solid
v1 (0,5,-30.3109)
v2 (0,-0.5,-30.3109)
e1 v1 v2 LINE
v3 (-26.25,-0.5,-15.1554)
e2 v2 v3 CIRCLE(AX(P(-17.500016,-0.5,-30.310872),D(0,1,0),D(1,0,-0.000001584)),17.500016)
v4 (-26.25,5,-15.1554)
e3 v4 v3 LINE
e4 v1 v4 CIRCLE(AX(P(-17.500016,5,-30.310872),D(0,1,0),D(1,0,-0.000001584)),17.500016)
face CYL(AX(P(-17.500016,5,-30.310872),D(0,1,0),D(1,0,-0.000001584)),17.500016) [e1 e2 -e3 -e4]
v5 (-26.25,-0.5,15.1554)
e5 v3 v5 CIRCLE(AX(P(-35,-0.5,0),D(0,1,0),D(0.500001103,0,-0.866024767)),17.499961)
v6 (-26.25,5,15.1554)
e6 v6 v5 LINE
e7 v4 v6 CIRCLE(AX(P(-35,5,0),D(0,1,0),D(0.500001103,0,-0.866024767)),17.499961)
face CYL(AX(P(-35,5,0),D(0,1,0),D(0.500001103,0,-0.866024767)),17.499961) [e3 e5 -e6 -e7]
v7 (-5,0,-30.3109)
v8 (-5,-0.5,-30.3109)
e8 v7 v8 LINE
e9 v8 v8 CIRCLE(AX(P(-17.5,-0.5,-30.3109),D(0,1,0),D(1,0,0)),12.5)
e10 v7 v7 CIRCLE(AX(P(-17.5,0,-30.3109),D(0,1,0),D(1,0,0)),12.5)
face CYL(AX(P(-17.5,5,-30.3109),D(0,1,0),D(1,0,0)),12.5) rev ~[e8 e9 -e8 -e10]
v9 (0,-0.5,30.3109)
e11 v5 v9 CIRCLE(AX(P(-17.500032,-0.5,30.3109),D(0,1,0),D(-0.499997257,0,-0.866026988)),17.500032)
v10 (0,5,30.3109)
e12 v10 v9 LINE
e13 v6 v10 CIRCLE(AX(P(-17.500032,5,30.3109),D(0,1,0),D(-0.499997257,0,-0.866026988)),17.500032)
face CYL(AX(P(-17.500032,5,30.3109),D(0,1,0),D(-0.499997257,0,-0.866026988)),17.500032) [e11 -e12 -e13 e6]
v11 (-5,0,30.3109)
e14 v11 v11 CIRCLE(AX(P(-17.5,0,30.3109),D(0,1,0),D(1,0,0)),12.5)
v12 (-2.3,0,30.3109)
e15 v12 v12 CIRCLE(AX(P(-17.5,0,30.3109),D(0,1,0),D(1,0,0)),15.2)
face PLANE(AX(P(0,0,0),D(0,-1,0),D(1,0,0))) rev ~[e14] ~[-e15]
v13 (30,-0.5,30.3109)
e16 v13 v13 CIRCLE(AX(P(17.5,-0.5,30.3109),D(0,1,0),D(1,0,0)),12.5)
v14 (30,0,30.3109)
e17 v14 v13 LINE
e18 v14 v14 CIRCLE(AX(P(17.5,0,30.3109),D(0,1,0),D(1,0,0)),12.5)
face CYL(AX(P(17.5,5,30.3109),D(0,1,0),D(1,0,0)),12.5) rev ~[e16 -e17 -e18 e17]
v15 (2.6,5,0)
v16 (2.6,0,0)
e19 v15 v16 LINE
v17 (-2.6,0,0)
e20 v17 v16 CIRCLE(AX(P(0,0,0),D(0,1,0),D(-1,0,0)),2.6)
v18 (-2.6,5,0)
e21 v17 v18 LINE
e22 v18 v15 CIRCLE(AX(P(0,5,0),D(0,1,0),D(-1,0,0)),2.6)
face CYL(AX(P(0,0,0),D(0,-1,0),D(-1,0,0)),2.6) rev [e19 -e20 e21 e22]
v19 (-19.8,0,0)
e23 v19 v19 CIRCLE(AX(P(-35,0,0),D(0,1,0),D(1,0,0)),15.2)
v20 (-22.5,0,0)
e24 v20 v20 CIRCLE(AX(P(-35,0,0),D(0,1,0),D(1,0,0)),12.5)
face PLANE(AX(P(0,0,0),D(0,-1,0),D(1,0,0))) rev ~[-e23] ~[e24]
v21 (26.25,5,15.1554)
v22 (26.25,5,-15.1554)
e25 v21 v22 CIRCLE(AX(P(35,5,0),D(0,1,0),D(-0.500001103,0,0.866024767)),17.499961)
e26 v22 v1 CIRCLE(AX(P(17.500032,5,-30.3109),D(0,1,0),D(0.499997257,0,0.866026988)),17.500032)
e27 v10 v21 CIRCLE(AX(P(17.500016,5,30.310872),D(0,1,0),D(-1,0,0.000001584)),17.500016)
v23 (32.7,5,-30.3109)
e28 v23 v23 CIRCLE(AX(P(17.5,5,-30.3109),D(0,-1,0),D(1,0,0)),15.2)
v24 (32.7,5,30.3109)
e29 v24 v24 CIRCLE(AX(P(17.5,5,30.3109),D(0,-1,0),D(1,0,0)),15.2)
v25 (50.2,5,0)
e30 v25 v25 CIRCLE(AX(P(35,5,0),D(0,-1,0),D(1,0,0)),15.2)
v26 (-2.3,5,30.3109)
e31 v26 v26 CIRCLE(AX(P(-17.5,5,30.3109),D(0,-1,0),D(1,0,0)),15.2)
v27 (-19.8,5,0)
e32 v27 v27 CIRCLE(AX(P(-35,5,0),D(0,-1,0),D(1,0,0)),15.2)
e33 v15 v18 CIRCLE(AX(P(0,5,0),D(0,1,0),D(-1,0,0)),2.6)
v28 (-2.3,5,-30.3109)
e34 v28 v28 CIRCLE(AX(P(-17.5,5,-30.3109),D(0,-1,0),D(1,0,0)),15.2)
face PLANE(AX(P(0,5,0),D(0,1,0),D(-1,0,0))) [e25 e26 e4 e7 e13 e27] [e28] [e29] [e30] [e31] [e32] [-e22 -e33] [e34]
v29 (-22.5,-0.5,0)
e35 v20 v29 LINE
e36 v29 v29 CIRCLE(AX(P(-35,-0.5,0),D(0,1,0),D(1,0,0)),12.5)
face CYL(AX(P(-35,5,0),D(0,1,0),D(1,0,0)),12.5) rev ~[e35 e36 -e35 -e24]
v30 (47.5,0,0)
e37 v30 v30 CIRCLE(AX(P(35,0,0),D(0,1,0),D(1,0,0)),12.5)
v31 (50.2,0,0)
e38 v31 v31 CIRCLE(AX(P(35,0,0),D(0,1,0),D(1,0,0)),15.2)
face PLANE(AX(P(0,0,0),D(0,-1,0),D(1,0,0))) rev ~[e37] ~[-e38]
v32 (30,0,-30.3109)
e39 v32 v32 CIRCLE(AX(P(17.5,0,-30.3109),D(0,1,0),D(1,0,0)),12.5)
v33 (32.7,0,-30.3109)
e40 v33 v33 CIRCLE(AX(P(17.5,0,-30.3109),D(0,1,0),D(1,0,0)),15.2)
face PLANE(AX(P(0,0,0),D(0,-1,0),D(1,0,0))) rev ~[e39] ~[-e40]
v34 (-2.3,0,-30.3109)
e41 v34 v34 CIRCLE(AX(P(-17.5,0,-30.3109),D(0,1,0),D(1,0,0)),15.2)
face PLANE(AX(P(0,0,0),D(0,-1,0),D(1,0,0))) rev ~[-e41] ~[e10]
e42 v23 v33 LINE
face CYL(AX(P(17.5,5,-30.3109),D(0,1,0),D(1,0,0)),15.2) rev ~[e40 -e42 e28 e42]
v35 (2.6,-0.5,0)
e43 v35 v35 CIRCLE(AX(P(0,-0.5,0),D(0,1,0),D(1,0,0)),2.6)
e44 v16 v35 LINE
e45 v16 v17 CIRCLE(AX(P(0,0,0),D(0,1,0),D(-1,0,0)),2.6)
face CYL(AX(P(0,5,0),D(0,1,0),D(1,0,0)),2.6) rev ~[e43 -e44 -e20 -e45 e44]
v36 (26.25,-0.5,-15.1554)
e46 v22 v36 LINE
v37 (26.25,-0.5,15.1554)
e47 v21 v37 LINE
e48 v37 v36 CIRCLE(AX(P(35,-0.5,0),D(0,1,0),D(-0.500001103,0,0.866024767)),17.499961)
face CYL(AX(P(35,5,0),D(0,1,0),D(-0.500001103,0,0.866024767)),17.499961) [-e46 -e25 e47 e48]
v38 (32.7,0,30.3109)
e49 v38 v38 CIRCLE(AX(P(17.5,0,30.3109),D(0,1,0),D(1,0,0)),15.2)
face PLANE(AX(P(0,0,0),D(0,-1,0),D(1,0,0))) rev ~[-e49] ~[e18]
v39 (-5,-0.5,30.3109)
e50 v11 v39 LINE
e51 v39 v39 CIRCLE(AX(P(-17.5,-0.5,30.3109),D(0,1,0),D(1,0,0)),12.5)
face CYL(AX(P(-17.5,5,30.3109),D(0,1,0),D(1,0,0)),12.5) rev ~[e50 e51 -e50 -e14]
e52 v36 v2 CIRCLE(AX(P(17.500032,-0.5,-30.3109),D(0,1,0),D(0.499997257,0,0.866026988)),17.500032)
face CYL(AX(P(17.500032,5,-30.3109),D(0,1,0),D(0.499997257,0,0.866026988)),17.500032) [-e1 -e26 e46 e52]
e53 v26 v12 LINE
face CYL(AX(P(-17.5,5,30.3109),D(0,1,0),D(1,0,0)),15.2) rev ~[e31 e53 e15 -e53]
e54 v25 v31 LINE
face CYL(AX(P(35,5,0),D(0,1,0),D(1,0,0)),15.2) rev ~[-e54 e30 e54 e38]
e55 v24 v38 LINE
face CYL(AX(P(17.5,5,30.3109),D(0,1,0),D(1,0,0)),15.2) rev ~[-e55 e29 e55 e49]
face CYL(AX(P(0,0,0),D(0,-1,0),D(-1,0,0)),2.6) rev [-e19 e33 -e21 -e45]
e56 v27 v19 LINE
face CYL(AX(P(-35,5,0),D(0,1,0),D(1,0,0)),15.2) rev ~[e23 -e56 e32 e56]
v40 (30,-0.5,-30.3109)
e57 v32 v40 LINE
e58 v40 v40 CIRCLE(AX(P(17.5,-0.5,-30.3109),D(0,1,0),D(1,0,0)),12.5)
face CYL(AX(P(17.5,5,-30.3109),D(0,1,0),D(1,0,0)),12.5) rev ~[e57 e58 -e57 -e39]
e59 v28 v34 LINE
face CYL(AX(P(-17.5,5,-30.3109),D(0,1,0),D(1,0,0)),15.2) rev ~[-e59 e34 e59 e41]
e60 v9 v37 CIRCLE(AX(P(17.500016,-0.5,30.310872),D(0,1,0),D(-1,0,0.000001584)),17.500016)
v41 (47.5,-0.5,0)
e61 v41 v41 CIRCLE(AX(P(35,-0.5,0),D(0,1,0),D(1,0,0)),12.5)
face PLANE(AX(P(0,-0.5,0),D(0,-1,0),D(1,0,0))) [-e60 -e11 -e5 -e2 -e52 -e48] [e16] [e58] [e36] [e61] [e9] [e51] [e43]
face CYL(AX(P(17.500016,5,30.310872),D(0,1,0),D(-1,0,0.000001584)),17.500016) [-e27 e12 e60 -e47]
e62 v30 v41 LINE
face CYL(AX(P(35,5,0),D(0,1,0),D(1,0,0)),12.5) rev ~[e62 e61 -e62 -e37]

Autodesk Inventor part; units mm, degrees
ref_plane "YZ Plane" through (0, 0, 0) normal (1, 0, 0) x (0, 1, 0)
ref_plane "XZ Plane" through (0, 0, 0) normal (0, 1, 0) x (-1, 0, 0)
ref_plane "XY Plane" through (0, 0, 0) normal (0, 0, 1) x (1, 0, 0)
sketch "Sketch1" plane through (0, 0, 0) normal (0, 1, 0) x (-1, 0, 0)
  circle A0 centre (0, 0) radius 55
  circle A1 centre (0, 0) radius 2.6
  dimension "d0" = 110
  dimension "d1" = 5.2
extrude "Extrusion1" add sketch "Sketch1" along normal blind 5
sketch "Sketch2" plane through (0, 5, 0) normal (0, 1, 0) x (1, 0, 0)
  point P0 (0, 0)
sketch "Sketch4" plane through (0, 5, 0) normal (0, 1, 0) x (1, 0, 0)
  circle A0 centre (0, 0) radius 21.9076
  circle A1 centre (0, 0) radius 35
  circle A2 centre (-35, 0) radius 15.2
  circle A3 centre (-17.5, -30.3109) radius 15.2
  circle A4 centre (17.5, -30.3109) radius 15.2
  circle A5 centre (35, 0) radius 15.2
  circle A6 centre (17.5, 30.3109) radius 15.2
  circle A7 centre (-17.5, 30.3109) radius 15.2
  circle A8 centre (-21.9076, 0) radius 5.15
  circle A9 centre (-15.491, -15.491) radius 5.15
  circle A10 centre (0, -21.9076) radius 5.15
  circle A11 centre (15.491, -15.491) radius 5.15
  circle A12 centre (21.9076, 0) radius 5.15
  circle A13 centre (15.491, 15.491) radius 5.15
  circle A14 centre (0, 21.9076) radius 5.15
  circle A15 centre (-15.491, 15.491) radius 5.15
  dimension "d13" = 70
  dimension "d8" = 30.4
  dimension "d11" = 360
  dimension "d14" = 10.3
  dimension "d17" = 360
extrude "Extrusion3" cut sketch "Sketch4" against normal blind 5 contours A0 A12 A5 | A0 A12 | A12 A5 A0 | A0 A5 A1 A12 | A0 A5 A12 | A5 A1 | A6 A13 A0 | A0 A13 A6 | A6 A0 A13 | A13 A0 A6 A14 A1 | A1 A6 | A4 A11 A0 | A0 A11 A4 | A4 A1 A10 A0 A11 | A11 A0 A4 | A4 A1 | A6 A14 | A7 A14 A0 A15 A1 | A1 A7 | A10 A4 | A3 A1 | A1 A3 A9 A0 A10 | A7 A14 | A10 A3 | A7 A15 A0 | A2 A0 A8 A1 | A1 A2 | A15 A0 A7 | A0 A9 A3 | A3 A0 A9 | A15 A7 A0 | A2 A8 A0 | A0 A3 A9 | A0 A8 A2 | A8 A2 A0 | A0 A8 picked at (11.9722, 17.0625) picked at (16.7139, 17.1312) picked at (8.2786, 19.0961) picked at (16.7139, -17.1312) picked at (11.9722, -17.0625) picked at (8.2786, -19.0961) picked at (-8.2786, 19.0961) picked at (-16.7226, 17.1255) picked at (-8.2786, -19.0961) picked at (-16.7226, -17.1255) picked at (-11.9722, 17.0625) picked at (-11.9722, -17.0625)
sketch "Sketch5" plane through (0, 5, 0) normal (0, 1, 0) x (1, 0, 0)
  point P0 (0, 0)
sketch "Sketch6" plane through (0, 0, 0) normal (0, -1, 0) x (1, 0, 0)
  circle A0 centre (0, 0) radius 55
extrude "Extrusion4" add sketch "Sketch6" along normal blind 0.5
sketch "Sketch7" plane through (0, 5, 0) normal (0, 1, 0) x (1, 0, 0)
  circle A0 centre (-35, 0) radius 15.2 projected
  circle A1 centre (-35, 0) radius 12.5
  circle A2 centre (-17.5, -30.3109) radius 15.2 projected
  circle A3 centre (-17.5, -30.3109) radius 12.5
  circle A4 centre (17.5, -30.3109) radius 15.2 projected
  circle A5 centre (17.5, -30.3109) radius 12.5
  circle A6 centre (35, 0) radius 15.2 projected
  circle A7 centre (35, 0) radius 12.5
  circle A8 centre (17.5, 30.3109) radius 15.2 projected
  circle A9 centre (17.5, 30.3109) radius 12.5
  circle A10 centre (-17.5, 30.3109) radius 15.2 projected
  circle A11 centre (-17.5, 30.3109) radius 12.5
  point P0 (0, 0)
  dimension "d23" = 25
  dimension "d24" = 25
  dimension "d25" = 25
  dimension "d26" = 25
  dimension "d27" = 25
  dimension "d28" = 25
extrude "Extrusion5" cut sketch "Sketch7" against normal blind 86.25 contours A1 | A3 | A5 | A7 | A9 | A11
sketch "Sketch8" plane through (0, 5, 0) normal (0, 1, 0) x (1, 0, 0)
  circle A0 centre (0, 0) radius 2.6
extrude "Extrusion6" cut sketch "Sketch8" against normal blind 86.25
sketch "Sketch9" plane through (0, 5, 0) normal (0, 1, 0) x (1, 0, 0)
  circle A0 centre (17.5, 30.3109) radius 15.2 projected
  arc A1 (26.25, 15.1554) -> (0, 30.3109) centre (17.5, 30.3109) ccw
  circle A2 centre (35, 0) radius 15.2 projected
  arc A3 (26.25, -15.1554) -> (26.25, 15.1554) centre (35, 0) ccw
  circle A4 centre (17.5, -30.3109) radius 15.2 projected
  arc A5 (0, -30.3109) -> (26.25, -15.1554) centre (17.5, -30.3109) ccw
  circle A6 centre (-17.5, -30.3109) radius 15.2 projected
  arc A7 (-26.25, -15.1554) -> (0, -30.3109) centre (-17.5, -30.3109) ccw
  circle A8 centre (-35, 0) radius 15.2 projected
  arc A9 (-26.25, 15.1554) -> (-26.25, -15.1554) centre (-35, 0) ccw
  circle A10 centre (-17.5, 30.3109) radius 15.2 projected
  arc A11 (0, 30.3109) -> (-26.25, 15.1554) centre (-17.5, 30.3109) ccw
  circle A12 centre (0, 0) radius 2.6 projected
  circle A13 centre (0, 0) radius 65.8368
  dimension "d33" = 35
  dimension "d34" = 35
  dimension "d35" = 35
  dimension "d36" = 35
  dimension "d37" = 35
  dimension "d38" = 35
  dimension "d39" = 131.6736
extrude "Extrusion7" cut sketch "Sketch9" against normal blind 86.25 contours A13
properties part number "generator 12smaller"
